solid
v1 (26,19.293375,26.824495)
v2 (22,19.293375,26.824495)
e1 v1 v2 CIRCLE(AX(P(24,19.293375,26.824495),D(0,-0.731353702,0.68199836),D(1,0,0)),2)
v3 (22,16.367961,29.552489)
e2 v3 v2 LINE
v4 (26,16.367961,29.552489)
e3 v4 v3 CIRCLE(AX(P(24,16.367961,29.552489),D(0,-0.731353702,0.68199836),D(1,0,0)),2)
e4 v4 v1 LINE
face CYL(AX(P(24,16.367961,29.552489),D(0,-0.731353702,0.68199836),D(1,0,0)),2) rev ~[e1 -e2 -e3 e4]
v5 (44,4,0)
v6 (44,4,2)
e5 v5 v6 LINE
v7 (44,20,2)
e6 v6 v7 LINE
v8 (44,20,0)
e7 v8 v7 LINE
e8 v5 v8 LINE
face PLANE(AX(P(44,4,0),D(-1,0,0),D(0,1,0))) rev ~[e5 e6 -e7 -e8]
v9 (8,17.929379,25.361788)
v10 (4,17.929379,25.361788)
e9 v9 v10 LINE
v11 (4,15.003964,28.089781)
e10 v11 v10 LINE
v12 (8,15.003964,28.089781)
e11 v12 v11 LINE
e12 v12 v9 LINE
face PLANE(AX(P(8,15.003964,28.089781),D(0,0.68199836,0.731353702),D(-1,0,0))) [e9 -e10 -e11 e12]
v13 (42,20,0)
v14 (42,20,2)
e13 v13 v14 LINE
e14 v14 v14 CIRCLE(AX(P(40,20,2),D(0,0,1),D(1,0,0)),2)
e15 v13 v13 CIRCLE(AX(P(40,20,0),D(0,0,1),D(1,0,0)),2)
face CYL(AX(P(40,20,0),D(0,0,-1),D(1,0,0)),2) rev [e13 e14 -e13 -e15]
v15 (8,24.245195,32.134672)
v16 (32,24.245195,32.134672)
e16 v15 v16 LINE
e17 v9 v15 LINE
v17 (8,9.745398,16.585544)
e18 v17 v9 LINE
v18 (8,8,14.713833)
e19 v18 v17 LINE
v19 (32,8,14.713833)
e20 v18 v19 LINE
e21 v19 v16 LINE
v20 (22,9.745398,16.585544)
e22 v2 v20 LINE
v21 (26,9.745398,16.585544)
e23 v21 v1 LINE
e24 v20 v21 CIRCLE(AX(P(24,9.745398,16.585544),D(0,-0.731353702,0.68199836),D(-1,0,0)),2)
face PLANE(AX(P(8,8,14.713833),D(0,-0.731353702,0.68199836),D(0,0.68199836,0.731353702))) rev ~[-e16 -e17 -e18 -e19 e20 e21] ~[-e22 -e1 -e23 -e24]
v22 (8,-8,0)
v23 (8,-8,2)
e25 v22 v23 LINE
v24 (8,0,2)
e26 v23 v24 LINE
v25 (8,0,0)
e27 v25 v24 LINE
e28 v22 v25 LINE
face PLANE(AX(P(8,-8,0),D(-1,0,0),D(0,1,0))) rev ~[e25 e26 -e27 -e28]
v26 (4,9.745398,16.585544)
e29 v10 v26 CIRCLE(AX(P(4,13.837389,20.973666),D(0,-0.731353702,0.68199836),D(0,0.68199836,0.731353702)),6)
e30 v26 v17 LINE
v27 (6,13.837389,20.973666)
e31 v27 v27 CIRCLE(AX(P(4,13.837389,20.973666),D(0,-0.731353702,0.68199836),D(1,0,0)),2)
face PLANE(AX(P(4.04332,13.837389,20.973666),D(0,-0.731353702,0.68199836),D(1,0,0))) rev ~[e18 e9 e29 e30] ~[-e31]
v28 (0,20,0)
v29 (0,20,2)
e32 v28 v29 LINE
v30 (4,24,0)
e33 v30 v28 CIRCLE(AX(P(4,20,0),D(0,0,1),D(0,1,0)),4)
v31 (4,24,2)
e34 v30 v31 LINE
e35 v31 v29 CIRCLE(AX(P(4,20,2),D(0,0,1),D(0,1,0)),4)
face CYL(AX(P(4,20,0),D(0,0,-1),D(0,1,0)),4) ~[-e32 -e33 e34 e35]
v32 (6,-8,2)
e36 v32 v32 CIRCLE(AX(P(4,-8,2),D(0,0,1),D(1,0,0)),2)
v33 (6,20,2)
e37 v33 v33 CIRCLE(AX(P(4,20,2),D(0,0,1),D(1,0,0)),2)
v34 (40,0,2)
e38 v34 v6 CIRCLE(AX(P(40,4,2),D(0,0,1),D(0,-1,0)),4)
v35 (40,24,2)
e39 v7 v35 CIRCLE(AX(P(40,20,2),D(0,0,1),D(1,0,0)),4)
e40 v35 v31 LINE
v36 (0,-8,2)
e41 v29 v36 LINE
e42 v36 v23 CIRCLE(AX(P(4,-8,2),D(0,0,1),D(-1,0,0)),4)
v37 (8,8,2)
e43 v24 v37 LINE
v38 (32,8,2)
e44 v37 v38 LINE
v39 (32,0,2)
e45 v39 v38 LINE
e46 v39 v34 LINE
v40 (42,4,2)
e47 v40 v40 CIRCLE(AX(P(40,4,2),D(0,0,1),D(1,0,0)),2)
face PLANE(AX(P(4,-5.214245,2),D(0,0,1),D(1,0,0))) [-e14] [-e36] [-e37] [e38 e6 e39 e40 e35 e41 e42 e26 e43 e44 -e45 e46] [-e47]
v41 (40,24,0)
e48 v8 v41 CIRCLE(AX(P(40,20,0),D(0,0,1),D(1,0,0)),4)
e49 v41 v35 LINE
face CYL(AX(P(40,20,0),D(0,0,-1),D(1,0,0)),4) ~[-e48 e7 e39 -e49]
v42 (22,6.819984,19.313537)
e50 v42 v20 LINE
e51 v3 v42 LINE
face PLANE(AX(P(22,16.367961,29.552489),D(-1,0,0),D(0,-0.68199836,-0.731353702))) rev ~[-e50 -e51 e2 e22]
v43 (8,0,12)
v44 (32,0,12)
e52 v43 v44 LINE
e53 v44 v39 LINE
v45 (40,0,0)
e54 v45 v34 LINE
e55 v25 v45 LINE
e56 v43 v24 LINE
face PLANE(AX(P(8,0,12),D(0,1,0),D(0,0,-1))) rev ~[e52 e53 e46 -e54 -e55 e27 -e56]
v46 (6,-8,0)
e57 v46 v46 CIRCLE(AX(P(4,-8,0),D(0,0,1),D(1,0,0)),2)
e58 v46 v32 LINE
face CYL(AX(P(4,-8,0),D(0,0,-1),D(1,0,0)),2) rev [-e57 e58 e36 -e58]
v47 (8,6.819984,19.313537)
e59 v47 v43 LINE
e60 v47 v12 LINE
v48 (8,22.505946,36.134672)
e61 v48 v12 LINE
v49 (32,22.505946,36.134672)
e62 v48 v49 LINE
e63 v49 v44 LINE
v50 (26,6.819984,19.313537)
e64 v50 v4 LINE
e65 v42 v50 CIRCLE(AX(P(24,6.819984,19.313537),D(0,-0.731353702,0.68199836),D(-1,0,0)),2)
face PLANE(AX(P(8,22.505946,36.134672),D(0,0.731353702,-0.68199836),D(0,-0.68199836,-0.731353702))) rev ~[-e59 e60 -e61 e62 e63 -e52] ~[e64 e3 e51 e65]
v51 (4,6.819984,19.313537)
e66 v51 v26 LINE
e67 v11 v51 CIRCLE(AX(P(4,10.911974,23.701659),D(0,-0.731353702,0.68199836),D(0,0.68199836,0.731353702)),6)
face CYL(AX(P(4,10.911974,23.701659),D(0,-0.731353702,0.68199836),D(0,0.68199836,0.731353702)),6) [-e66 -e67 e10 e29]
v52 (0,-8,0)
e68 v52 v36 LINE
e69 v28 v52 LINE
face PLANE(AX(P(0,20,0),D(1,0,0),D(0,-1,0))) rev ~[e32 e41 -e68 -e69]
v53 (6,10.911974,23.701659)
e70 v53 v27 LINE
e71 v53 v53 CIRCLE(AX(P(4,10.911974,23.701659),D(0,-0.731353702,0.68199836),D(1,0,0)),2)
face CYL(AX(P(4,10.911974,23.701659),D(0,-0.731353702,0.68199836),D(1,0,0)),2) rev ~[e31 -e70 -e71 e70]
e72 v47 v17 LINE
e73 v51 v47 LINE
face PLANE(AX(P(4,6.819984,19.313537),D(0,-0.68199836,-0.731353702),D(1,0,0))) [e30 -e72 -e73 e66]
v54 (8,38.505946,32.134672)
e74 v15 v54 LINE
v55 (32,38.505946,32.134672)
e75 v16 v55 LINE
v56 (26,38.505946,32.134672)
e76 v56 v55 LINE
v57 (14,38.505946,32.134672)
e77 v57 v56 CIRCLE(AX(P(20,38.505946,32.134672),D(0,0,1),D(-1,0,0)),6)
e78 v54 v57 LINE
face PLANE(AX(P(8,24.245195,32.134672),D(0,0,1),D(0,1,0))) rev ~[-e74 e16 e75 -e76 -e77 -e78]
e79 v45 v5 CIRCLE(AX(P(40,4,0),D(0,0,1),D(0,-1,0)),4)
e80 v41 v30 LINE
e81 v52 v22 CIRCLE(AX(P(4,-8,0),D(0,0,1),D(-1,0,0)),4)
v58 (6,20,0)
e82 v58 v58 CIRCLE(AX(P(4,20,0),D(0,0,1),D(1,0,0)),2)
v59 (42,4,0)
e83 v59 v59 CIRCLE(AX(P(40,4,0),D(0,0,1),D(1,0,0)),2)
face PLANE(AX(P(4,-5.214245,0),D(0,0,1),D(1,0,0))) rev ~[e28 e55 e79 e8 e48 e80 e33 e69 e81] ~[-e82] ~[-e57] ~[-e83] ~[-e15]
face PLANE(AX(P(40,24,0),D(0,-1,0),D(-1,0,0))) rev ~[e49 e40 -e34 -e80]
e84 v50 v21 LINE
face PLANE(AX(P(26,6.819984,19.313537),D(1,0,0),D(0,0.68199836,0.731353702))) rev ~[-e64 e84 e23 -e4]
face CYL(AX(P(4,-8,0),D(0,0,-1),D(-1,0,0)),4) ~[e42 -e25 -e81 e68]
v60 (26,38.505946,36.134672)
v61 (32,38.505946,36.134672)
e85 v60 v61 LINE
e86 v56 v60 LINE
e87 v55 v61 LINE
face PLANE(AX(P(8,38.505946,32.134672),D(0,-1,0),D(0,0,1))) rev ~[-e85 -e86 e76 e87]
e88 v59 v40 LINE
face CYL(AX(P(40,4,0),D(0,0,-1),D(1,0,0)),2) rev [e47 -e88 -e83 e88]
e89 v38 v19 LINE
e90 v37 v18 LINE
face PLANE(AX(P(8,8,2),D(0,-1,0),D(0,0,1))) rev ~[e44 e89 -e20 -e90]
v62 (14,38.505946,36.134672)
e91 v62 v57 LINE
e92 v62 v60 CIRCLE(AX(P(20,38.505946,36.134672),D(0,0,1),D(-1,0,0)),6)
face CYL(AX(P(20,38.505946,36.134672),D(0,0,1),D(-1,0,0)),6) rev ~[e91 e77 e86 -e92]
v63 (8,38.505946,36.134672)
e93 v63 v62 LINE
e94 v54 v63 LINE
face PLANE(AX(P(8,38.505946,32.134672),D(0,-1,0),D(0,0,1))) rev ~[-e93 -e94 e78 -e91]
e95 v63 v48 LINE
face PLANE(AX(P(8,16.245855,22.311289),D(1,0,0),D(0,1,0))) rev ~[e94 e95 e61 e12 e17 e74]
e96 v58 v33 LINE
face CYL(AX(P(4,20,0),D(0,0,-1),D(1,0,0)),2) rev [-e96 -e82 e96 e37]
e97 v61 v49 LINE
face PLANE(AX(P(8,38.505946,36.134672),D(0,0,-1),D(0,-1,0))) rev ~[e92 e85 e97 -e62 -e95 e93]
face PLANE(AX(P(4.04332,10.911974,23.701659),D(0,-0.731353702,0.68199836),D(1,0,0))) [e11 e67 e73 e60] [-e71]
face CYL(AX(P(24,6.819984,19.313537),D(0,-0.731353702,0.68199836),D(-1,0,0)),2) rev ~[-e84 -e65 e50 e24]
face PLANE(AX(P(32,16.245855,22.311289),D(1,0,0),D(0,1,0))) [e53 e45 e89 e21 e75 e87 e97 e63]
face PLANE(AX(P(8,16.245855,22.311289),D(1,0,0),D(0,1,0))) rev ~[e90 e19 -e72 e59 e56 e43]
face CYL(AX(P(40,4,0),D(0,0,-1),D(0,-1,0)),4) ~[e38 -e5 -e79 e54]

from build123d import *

# Parameters (mm, degrees)
F0_R     = 2
F1_DEPTH = 2
F3_DEPTH = 24
F4_R     = 2
F5_DEPTH = 4
F6_DEPTH = 4
F8_DEPTH = 10


with BuildPart() as f1:
    # F0 (on Top) → F1 (new body)
    with BuildSketch(Plane.XY):
        with BuildLine():
            Line((8, 0), (0, 0))
            Line((0, 0), (0, -8))
            ThreePointArc((0, -8), (4, -12), (8, -8))
            Line((8, -8), (8, 0))
        make_face()
        with Locations((4, -8)):
            Circle(F0_R, mode=Mode.SUBTRACT)
        with BuildLine():
            Line((0, 20), (0, 0))
            Line((0, 0), (8, 0))
            Line((8, 0), (40, 0))
            ThreePointArc((40, 0), (42.8284271247, 1.1715728753), (44, 4))
            Line((44, 4), (44, 20))
            ThreePointArc((44, 20), (42.8284271247, 22.8284271247), (40, 24))
            Line((40, 24), (4, 24))
            ThreePointArc((4, 24), (1.1715728753, 22.8284271247), (0, 20))
        make_face()
        with Locations((40, 4)):
            Circle(F0_R, mode=Mode.SUBTRACT)
        with Locations((4, 20)):
            Circle(F0_R, mode=Mode.SUBTRACT)
        with Locations((40, 20)):
            Circle(F0_R, mode=Mode.SUBTRACT)
    extrude(amount=F1_DEPTH)

    # F2 (on face) → F3 (join)
    with BuildSketch(Plane.YZ.offset(8)):
        Polygon((0, 12), (0, 2), (8, 2), (8, 14.7138329376), (24.2451953819, 32.1346721534), (38.5059458821, 32.1346721534), (38.5059458821, 36.1346721534), (22.5059458821, 36.1346721534), align=None)
    extrude(amount=F3_DEPTH)

    # F4 (on face) → F5 (join)
    with BuildSketch(Plane(origin=(0, -5.9853843016, 5.5814611575), x_dir=(1, 0, 0), z_dir=(0, -0.7313537016, 0.6819983601))):
        with BuildLine():
            Line((8, 18.7762444194), (8, 30.7762444194))
            Line((8, 30.7762444194), (4, 30.7762444194))
            ThreePointArc((4, 30.7762444194), (-2, 24.7762444194), (4, 18.7762444194))
            Line((4, 18.7762444194), (8, 18.7762444194))
        make_face()
        with Locations((4, 24.7762444194)):
            Circle(F4_R, mode=Mode.SUBTRACT)
    extrude(amount=-F5_DEPTH)

    # F4 (on face) → F6 (cut, through all)
    with BuildSketch(Plane(origin=(0, -5.9853843016, 5.5814611575), x_dir=(1, 0, 0), z_dir=(0, -0.7313537016, 0.6819983601))):
        with BuildLine():
            ThreePointArc((26, 32.7762444194), (24, 34.7762444194), (22, 32.7762444194))
            Line((22, 32.7762444194), (22, 18.7762444194))
            ThreePointArc((22, 18.7762444194), (24, 16.7762444194), (26, 18.7762444194))
            Line((26, 18.7762444194), (26, 32.7762444194))
        make_face()
    extrude(amount=-F6_DEPTH, mode=Mode.SUBTRACT)

    # F7 (on face) → F8 (cut)
    with BuildSketch(Plane.XY.offset(36.1346721534)):
        with BuildLine():
            Line((14, 38.5059458821), (26, 38.5059458821))
            ThreePointArc((26, 38.5059458821), (20, 44.5059458821), (14, 38.5059458821))
        make_face()
        with BuildLine():
            ThreePointArc((14, 38.5059458821), (20, 32.5059458821), (26, 38.5059458821))
            Line((26, 38.5059458821), (14, 38.5059458821))
        make_face()
    extrude(amount=-F8_DEPTH, mode=Mode.SUBTRACT)


solid = f1.part
